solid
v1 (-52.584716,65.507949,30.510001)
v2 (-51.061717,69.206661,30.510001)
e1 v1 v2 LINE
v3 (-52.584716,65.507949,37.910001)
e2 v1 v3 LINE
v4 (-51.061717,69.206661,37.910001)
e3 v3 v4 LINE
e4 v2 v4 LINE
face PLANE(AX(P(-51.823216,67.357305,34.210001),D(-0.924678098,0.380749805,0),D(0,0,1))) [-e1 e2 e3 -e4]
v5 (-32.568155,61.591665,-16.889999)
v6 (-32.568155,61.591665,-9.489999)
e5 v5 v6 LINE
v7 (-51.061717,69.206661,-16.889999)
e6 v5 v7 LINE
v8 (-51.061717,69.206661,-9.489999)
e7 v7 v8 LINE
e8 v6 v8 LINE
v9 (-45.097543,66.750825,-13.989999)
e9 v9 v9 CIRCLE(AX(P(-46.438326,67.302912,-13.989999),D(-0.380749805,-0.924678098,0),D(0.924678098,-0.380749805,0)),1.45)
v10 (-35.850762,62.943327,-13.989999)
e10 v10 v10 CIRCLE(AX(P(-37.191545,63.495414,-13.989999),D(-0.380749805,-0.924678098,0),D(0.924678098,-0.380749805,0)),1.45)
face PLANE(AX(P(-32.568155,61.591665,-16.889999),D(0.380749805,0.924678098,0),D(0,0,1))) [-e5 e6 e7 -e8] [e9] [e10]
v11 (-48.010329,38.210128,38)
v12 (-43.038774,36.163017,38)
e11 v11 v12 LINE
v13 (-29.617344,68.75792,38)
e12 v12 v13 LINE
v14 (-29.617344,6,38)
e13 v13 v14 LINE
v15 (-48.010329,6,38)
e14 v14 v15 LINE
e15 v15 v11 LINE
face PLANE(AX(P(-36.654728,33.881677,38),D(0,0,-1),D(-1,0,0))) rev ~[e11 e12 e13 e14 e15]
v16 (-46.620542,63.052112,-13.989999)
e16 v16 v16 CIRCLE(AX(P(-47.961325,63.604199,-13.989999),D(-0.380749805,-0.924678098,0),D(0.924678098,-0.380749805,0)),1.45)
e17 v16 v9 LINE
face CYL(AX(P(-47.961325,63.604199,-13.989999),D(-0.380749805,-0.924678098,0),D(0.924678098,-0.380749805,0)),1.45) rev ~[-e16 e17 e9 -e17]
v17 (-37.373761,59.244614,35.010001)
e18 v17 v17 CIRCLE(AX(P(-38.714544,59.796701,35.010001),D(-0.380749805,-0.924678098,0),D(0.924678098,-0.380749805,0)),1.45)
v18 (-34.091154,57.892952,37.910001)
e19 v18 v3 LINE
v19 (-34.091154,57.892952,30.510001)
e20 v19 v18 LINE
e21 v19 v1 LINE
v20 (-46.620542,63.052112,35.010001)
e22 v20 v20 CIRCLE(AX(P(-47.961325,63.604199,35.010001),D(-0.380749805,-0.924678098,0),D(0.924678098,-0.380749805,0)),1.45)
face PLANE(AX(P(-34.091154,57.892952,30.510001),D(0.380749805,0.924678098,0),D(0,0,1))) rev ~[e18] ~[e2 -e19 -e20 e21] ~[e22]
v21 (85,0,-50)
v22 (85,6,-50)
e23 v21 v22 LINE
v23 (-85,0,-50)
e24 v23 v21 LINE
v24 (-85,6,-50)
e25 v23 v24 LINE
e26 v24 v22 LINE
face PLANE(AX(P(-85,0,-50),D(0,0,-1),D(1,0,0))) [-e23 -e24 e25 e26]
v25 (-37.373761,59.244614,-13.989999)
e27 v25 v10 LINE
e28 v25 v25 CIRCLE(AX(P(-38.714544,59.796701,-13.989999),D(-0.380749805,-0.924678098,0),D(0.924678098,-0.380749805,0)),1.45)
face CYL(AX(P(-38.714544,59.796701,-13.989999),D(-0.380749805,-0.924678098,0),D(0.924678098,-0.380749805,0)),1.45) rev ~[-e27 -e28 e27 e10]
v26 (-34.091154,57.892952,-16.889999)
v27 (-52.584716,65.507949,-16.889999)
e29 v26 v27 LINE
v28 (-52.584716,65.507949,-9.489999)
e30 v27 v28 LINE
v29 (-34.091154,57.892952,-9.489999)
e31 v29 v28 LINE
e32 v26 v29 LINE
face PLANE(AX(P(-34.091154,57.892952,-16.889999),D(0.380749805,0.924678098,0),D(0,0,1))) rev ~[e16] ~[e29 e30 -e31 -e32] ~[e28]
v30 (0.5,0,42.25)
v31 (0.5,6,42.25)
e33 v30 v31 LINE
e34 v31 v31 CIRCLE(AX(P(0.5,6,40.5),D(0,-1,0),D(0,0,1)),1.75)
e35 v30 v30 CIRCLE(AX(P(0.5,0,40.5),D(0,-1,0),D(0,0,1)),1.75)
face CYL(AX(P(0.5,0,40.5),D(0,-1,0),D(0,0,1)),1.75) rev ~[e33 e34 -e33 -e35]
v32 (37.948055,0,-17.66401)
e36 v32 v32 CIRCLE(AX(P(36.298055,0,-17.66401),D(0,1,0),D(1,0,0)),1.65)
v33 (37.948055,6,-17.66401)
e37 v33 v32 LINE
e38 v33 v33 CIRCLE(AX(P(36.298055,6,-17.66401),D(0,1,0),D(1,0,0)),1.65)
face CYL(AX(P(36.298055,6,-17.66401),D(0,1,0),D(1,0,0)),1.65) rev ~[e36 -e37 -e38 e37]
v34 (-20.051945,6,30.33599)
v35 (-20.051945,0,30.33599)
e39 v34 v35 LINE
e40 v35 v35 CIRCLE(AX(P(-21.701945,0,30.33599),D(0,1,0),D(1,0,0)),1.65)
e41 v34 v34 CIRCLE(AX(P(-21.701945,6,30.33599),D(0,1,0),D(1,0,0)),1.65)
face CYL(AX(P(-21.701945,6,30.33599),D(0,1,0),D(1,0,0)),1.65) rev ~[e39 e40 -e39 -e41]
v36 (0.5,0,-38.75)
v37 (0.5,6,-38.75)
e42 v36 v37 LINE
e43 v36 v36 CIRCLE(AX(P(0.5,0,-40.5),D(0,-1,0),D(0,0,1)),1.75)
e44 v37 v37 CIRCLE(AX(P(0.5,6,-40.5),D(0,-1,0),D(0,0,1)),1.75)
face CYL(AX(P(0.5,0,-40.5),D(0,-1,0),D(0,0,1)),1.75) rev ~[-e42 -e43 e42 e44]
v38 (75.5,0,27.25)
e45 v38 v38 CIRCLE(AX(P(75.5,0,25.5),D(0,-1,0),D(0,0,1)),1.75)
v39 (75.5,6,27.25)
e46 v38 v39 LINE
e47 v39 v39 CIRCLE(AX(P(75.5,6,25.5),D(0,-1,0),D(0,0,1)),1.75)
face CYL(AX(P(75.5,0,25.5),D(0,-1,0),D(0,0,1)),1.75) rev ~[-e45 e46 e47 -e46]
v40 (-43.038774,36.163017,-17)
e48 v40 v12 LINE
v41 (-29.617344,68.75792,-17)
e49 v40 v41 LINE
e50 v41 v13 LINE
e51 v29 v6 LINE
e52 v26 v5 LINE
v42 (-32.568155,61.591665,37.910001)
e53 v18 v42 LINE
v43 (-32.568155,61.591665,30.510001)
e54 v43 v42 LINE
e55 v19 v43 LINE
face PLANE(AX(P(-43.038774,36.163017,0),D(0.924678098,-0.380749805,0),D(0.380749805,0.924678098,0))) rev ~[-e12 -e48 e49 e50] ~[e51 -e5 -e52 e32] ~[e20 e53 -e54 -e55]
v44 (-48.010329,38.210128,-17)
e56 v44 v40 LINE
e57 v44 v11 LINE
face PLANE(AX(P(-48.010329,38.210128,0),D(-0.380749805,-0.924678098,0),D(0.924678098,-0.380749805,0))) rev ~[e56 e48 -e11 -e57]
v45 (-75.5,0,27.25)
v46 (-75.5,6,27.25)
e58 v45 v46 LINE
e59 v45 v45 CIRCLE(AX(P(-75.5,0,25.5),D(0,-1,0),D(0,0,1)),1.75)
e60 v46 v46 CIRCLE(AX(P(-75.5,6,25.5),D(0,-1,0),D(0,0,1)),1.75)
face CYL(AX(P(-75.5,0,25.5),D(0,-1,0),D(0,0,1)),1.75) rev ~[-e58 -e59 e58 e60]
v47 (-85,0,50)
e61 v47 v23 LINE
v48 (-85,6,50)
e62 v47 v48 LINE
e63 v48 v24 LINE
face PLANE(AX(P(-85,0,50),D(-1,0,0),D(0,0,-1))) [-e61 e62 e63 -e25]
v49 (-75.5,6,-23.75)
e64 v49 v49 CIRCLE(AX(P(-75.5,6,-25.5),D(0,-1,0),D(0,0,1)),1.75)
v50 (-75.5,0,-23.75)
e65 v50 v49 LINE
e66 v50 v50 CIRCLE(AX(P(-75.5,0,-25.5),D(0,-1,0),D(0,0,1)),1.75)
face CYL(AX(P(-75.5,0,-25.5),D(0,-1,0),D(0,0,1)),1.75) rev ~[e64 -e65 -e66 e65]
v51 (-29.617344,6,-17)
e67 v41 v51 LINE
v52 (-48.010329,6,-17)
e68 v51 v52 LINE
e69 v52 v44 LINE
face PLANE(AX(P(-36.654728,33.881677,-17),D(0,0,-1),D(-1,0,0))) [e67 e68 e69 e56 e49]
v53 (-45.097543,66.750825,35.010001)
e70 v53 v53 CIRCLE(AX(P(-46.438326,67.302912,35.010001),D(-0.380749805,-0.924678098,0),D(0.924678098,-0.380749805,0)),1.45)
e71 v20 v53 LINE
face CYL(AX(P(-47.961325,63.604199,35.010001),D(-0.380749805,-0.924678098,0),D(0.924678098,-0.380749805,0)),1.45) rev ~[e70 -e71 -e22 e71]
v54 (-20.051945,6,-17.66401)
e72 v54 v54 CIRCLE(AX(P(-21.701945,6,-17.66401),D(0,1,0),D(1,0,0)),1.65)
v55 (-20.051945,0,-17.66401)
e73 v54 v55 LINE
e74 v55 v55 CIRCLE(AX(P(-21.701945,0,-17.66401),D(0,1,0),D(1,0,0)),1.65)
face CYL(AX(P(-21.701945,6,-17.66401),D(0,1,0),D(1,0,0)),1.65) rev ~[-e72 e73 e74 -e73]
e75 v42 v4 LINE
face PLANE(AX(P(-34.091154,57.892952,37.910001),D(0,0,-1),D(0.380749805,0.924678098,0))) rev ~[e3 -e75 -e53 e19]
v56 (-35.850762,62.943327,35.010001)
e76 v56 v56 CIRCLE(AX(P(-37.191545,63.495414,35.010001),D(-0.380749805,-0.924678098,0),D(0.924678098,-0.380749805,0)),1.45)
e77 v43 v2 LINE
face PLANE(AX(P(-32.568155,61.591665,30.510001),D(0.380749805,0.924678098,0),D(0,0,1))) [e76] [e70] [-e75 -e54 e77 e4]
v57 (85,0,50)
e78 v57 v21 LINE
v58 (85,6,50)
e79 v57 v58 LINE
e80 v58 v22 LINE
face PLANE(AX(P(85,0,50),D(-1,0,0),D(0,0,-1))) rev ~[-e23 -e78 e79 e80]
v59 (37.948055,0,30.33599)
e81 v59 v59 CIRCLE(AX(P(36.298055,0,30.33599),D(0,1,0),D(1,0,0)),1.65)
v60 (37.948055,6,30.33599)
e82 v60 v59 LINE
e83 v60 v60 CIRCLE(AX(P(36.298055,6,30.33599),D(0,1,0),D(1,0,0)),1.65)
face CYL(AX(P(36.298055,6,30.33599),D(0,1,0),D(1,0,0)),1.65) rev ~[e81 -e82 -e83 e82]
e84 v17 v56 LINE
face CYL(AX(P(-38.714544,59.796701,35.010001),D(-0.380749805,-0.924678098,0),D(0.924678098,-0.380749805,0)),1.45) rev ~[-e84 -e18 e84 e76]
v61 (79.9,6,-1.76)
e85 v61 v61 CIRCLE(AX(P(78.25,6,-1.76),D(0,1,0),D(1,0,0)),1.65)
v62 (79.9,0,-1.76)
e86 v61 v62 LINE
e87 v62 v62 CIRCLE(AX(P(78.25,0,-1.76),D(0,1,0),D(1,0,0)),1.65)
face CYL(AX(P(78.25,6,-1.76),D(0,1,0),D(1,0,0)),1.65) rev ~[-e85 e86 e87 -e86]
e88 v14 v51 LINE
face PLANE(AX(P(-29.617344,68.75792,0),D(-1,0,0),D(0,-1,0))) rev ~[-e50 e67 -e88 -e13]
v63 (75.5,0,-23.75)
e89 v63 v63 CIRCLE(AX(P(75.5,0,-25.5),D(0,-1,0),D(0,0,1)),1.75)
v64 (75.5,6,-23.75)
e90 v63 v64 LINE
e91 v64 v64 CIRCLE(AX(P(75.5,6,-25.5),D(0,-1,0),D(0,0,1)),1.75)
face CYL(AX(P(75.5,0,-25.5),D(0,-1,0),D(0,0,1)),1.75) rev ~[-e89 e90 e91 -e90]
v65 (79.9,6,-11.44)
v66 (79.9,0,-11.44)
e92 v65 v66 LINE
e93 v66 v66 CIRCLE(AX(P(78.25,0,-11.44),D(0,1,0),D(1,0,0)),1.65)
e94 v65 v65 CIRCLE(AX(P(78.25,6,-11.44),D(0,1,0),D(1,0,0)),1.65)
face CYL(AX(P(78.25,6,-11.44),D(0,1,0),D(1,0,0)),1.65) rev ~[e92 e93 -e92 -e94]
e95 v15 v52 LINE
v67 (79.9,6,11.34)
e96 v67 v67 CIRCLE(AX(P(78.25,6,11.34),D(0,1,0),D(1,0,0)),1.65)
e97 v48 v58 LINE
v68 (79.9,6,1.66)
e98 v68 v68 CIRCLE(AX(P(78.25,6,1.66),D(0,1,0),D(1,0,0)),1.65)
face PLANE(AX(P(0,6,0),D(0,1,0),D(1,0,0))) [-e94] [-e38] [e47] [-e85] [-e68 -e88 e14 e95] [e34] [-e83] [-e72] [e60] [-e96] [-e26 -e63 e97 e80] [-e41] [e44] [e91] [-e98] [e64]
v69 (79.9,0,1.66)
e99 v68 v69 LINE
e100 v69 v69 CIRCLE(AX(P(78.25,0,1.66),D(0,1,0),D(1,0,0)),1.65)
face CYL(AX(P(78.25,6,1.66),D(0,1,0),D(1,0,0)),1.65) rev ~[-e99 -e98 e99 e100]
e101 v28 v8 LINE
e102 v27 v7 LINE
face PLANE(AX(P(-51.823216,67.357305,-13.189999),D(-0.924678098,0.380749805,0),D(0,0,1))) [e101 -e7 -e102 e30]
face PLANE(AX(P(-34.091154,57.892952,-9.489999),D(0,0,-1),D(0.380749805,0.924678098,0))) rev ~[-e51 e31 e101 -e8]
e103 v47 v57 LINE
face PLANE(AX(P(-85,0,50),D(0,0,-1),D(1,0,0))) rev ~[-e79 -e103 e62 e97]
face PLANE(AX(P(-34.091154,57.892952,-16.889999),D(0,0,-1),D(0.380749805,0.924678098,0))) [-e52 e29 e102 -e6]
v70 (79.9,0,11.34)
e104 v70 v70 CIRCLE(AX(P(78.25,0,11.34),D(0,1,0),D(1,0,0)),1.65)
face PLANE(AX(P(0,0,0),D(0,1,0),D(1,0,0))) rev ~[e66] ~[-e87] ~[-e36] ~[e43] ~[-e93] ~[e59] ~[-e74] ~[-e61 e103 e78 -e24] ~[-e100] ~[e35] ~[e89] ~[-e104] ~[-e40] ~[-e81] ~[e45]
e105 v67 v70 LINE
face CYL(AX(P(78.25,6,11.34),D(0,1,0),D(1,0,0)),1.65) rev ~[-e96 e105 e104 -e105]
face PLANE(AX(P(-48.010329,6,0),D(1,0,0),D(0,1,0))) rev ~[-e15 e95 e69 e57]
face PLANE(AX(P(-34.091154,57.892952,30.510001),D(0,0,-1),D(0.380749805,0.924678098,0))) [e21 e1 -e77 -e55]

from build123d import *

# Parameters (mm, degrees)
SKETCH1_W                = 170
SKETCH1_H                = 100
BOSS_EXTRUDE1_DEPTH      = 6
BOSS_EXTRUDE2_DEPTH      = 38
BOSS_EXTRUDE2_DEPTH_BACK = 17
SKETCH3_W                = 7.4
SKETCH3_H                = 4
BOSS_EXTRUDE3_DEPTH      = 20
SKETCH5_R                = 1.45
CUT_EXTRUDE1_DEPTH       = 10
SKETCH6_R                = 1.75
CUT_EXTRUDE2_DEPTH       = 20
SKETCH7_R                = 1.65
CUT_EXTRUDE3_DEPTH       = 10
SKETCH9_R                = 1.65
CUT_EXTRUDE6_DEPTH       = 6


with BuildPart() as part:
    # Sketch1 → Boss-Extrude1 (new body)
    with BuildSketch(Plane(origin=(0, 0, 0), x_dir=(1, 0, 0), z_dir=(0, 1, 0))):
        Rectangle(SKETCH1_W, SKETCH1_H)
    extrude(amount=BOSS_EXTRUDE1_DEPTH)

    # Sketch2 → Boss-Extrude2 (add, two sides)
    with BuildSketch(Plane.XY) as boss_extrude2_sk:
        Polygon((-29.617343581, 68.757920077), (-29.617343581, 6), (-48.010328849, 6), (-48.010328849, 38.210127837), (-43.038774216, 36.163017106), align=None)
    extrude(amount=BOSS_EXTRUDE2_DEPTH)
    extrude(boss_extrude2_sk.sketch, amount=-BOSS_EXTRUDE2_DEPTH_BACK)

    # Sketch3 → Boss-Extrude3 (add)
    with BuildSketch(Plane(origin=(-49.531375101, 20.3952721, 0), x_dir=(0, 0, 1), z_dir=(-0.924678098, 0.380749805, 0))):
        with Locations((34.210001, 42.552144992)):
            Rectangle(SKETCH3_W, SKETCH3_H)
        with Locations((-13.189999, 42.552144992)):
            Rectangle(SKETCH3_W, SKETCH3_H)
    extrude(amount=BOSS_EXTRUDE3_DEPTH)

    # Sketch5 → Cut-Extrude1 (cut)
    with BuildSketch(Plane(origin=(15.440221308, 37.49768032, 0), x_dir=(0.924678098, -0.380749805, 0), z_dir=(-0.380749805, -0.924678098, 0))):
        with Locations((-68.566073623, -13.989999)):
            Circle(SKETCH5_R)
        with Locations((-68.566073623, 35.010001)):
            Circle(SKETCH5_R)
        with Locations((-58.566073623, 35.010001)):
            Circle(SKETCH5_R)
        with Locations((-58.566073623, -13.989999)):
            Circle(SKETCH5_R)
    extrude(amount=-CUT_EXTRUDE1_DEPTH, mode=Mode.SUBTRACT)

    # Sketch6 → Cut-Extrude2 (cut)
    with BuildSketch(Plane(origin=(145.967078426, 0, -60.767513946), x_dir=(0, 0, 1), z_dir=(0, -1, 0))):
        with Locations((35.267513946, 221.467078426)):
            Circle(SKETCH6_R)
        with Locations((86.267513946, 221.467078426)):
            Circle(SKETCH6_R)
        with Locations((101.267513946, 145.467078426)):
            Circle(SKETCH6_R)
        with Locations((20.267513946, 145.467078426)):
            Circle(SKETCH6_R)
        with Locations((35.267513946, 70.467078426)):
            Circle(SKETCH6_R)
        with Locations((86.267513946, 70.467078426)):
            Circle(SKETCH6_R)
    extrude(amount=-CUT_EXTRUDE2_DEPTH, mode=Mode.SUBTRACT)

    # Sketch7 → Cut-Extrude3 (cut)
    with BuildSketch(Plane(origin=(0, 6, 0), x_dir=(1, 0, 0), z_dir=(0, 1, 0))):
        with Locations((36.298055455, -30.335990453)):
            Circle(SKETCH7_R)
        with Locations((36.298055455, 17.664009547)):
            Circle(SKETCH7_R)
        with Locations((-21.701944545, 17.664009547)):
            Circle(SKETCH7_R)
        with Locations((-21.701944545, -30.335990453)):
            Circle(SKETCH7_R)
    extrude(amount=-CUT_EXTRUDE3_DEPTH, mode=Mode.SUBTRACT)

    # Sketch9 → Cut-Extrude6 (cut)
    with BuildSketch(Plane(origin=(0, 6, 0), x_dir=(1, 0, 0), z_dir=(0, 1, 0))):
        with Locations((78.25, -11.34)):
            Circle(SKETCH9_R)
        with Locations((78.25, 1.76)):
            Circle(SKETCH9_R)
        with Locations((78.25, 11.44)):
            Circle(SKETCH9_R)
        with Locations((78.25, -1.66)):
            Circle(SKETCH9_R)
    extrude(amount=-CUT_EXTRUDE6_DEPTH, mode=Mode.SUBTRACT)


solid = part.part
